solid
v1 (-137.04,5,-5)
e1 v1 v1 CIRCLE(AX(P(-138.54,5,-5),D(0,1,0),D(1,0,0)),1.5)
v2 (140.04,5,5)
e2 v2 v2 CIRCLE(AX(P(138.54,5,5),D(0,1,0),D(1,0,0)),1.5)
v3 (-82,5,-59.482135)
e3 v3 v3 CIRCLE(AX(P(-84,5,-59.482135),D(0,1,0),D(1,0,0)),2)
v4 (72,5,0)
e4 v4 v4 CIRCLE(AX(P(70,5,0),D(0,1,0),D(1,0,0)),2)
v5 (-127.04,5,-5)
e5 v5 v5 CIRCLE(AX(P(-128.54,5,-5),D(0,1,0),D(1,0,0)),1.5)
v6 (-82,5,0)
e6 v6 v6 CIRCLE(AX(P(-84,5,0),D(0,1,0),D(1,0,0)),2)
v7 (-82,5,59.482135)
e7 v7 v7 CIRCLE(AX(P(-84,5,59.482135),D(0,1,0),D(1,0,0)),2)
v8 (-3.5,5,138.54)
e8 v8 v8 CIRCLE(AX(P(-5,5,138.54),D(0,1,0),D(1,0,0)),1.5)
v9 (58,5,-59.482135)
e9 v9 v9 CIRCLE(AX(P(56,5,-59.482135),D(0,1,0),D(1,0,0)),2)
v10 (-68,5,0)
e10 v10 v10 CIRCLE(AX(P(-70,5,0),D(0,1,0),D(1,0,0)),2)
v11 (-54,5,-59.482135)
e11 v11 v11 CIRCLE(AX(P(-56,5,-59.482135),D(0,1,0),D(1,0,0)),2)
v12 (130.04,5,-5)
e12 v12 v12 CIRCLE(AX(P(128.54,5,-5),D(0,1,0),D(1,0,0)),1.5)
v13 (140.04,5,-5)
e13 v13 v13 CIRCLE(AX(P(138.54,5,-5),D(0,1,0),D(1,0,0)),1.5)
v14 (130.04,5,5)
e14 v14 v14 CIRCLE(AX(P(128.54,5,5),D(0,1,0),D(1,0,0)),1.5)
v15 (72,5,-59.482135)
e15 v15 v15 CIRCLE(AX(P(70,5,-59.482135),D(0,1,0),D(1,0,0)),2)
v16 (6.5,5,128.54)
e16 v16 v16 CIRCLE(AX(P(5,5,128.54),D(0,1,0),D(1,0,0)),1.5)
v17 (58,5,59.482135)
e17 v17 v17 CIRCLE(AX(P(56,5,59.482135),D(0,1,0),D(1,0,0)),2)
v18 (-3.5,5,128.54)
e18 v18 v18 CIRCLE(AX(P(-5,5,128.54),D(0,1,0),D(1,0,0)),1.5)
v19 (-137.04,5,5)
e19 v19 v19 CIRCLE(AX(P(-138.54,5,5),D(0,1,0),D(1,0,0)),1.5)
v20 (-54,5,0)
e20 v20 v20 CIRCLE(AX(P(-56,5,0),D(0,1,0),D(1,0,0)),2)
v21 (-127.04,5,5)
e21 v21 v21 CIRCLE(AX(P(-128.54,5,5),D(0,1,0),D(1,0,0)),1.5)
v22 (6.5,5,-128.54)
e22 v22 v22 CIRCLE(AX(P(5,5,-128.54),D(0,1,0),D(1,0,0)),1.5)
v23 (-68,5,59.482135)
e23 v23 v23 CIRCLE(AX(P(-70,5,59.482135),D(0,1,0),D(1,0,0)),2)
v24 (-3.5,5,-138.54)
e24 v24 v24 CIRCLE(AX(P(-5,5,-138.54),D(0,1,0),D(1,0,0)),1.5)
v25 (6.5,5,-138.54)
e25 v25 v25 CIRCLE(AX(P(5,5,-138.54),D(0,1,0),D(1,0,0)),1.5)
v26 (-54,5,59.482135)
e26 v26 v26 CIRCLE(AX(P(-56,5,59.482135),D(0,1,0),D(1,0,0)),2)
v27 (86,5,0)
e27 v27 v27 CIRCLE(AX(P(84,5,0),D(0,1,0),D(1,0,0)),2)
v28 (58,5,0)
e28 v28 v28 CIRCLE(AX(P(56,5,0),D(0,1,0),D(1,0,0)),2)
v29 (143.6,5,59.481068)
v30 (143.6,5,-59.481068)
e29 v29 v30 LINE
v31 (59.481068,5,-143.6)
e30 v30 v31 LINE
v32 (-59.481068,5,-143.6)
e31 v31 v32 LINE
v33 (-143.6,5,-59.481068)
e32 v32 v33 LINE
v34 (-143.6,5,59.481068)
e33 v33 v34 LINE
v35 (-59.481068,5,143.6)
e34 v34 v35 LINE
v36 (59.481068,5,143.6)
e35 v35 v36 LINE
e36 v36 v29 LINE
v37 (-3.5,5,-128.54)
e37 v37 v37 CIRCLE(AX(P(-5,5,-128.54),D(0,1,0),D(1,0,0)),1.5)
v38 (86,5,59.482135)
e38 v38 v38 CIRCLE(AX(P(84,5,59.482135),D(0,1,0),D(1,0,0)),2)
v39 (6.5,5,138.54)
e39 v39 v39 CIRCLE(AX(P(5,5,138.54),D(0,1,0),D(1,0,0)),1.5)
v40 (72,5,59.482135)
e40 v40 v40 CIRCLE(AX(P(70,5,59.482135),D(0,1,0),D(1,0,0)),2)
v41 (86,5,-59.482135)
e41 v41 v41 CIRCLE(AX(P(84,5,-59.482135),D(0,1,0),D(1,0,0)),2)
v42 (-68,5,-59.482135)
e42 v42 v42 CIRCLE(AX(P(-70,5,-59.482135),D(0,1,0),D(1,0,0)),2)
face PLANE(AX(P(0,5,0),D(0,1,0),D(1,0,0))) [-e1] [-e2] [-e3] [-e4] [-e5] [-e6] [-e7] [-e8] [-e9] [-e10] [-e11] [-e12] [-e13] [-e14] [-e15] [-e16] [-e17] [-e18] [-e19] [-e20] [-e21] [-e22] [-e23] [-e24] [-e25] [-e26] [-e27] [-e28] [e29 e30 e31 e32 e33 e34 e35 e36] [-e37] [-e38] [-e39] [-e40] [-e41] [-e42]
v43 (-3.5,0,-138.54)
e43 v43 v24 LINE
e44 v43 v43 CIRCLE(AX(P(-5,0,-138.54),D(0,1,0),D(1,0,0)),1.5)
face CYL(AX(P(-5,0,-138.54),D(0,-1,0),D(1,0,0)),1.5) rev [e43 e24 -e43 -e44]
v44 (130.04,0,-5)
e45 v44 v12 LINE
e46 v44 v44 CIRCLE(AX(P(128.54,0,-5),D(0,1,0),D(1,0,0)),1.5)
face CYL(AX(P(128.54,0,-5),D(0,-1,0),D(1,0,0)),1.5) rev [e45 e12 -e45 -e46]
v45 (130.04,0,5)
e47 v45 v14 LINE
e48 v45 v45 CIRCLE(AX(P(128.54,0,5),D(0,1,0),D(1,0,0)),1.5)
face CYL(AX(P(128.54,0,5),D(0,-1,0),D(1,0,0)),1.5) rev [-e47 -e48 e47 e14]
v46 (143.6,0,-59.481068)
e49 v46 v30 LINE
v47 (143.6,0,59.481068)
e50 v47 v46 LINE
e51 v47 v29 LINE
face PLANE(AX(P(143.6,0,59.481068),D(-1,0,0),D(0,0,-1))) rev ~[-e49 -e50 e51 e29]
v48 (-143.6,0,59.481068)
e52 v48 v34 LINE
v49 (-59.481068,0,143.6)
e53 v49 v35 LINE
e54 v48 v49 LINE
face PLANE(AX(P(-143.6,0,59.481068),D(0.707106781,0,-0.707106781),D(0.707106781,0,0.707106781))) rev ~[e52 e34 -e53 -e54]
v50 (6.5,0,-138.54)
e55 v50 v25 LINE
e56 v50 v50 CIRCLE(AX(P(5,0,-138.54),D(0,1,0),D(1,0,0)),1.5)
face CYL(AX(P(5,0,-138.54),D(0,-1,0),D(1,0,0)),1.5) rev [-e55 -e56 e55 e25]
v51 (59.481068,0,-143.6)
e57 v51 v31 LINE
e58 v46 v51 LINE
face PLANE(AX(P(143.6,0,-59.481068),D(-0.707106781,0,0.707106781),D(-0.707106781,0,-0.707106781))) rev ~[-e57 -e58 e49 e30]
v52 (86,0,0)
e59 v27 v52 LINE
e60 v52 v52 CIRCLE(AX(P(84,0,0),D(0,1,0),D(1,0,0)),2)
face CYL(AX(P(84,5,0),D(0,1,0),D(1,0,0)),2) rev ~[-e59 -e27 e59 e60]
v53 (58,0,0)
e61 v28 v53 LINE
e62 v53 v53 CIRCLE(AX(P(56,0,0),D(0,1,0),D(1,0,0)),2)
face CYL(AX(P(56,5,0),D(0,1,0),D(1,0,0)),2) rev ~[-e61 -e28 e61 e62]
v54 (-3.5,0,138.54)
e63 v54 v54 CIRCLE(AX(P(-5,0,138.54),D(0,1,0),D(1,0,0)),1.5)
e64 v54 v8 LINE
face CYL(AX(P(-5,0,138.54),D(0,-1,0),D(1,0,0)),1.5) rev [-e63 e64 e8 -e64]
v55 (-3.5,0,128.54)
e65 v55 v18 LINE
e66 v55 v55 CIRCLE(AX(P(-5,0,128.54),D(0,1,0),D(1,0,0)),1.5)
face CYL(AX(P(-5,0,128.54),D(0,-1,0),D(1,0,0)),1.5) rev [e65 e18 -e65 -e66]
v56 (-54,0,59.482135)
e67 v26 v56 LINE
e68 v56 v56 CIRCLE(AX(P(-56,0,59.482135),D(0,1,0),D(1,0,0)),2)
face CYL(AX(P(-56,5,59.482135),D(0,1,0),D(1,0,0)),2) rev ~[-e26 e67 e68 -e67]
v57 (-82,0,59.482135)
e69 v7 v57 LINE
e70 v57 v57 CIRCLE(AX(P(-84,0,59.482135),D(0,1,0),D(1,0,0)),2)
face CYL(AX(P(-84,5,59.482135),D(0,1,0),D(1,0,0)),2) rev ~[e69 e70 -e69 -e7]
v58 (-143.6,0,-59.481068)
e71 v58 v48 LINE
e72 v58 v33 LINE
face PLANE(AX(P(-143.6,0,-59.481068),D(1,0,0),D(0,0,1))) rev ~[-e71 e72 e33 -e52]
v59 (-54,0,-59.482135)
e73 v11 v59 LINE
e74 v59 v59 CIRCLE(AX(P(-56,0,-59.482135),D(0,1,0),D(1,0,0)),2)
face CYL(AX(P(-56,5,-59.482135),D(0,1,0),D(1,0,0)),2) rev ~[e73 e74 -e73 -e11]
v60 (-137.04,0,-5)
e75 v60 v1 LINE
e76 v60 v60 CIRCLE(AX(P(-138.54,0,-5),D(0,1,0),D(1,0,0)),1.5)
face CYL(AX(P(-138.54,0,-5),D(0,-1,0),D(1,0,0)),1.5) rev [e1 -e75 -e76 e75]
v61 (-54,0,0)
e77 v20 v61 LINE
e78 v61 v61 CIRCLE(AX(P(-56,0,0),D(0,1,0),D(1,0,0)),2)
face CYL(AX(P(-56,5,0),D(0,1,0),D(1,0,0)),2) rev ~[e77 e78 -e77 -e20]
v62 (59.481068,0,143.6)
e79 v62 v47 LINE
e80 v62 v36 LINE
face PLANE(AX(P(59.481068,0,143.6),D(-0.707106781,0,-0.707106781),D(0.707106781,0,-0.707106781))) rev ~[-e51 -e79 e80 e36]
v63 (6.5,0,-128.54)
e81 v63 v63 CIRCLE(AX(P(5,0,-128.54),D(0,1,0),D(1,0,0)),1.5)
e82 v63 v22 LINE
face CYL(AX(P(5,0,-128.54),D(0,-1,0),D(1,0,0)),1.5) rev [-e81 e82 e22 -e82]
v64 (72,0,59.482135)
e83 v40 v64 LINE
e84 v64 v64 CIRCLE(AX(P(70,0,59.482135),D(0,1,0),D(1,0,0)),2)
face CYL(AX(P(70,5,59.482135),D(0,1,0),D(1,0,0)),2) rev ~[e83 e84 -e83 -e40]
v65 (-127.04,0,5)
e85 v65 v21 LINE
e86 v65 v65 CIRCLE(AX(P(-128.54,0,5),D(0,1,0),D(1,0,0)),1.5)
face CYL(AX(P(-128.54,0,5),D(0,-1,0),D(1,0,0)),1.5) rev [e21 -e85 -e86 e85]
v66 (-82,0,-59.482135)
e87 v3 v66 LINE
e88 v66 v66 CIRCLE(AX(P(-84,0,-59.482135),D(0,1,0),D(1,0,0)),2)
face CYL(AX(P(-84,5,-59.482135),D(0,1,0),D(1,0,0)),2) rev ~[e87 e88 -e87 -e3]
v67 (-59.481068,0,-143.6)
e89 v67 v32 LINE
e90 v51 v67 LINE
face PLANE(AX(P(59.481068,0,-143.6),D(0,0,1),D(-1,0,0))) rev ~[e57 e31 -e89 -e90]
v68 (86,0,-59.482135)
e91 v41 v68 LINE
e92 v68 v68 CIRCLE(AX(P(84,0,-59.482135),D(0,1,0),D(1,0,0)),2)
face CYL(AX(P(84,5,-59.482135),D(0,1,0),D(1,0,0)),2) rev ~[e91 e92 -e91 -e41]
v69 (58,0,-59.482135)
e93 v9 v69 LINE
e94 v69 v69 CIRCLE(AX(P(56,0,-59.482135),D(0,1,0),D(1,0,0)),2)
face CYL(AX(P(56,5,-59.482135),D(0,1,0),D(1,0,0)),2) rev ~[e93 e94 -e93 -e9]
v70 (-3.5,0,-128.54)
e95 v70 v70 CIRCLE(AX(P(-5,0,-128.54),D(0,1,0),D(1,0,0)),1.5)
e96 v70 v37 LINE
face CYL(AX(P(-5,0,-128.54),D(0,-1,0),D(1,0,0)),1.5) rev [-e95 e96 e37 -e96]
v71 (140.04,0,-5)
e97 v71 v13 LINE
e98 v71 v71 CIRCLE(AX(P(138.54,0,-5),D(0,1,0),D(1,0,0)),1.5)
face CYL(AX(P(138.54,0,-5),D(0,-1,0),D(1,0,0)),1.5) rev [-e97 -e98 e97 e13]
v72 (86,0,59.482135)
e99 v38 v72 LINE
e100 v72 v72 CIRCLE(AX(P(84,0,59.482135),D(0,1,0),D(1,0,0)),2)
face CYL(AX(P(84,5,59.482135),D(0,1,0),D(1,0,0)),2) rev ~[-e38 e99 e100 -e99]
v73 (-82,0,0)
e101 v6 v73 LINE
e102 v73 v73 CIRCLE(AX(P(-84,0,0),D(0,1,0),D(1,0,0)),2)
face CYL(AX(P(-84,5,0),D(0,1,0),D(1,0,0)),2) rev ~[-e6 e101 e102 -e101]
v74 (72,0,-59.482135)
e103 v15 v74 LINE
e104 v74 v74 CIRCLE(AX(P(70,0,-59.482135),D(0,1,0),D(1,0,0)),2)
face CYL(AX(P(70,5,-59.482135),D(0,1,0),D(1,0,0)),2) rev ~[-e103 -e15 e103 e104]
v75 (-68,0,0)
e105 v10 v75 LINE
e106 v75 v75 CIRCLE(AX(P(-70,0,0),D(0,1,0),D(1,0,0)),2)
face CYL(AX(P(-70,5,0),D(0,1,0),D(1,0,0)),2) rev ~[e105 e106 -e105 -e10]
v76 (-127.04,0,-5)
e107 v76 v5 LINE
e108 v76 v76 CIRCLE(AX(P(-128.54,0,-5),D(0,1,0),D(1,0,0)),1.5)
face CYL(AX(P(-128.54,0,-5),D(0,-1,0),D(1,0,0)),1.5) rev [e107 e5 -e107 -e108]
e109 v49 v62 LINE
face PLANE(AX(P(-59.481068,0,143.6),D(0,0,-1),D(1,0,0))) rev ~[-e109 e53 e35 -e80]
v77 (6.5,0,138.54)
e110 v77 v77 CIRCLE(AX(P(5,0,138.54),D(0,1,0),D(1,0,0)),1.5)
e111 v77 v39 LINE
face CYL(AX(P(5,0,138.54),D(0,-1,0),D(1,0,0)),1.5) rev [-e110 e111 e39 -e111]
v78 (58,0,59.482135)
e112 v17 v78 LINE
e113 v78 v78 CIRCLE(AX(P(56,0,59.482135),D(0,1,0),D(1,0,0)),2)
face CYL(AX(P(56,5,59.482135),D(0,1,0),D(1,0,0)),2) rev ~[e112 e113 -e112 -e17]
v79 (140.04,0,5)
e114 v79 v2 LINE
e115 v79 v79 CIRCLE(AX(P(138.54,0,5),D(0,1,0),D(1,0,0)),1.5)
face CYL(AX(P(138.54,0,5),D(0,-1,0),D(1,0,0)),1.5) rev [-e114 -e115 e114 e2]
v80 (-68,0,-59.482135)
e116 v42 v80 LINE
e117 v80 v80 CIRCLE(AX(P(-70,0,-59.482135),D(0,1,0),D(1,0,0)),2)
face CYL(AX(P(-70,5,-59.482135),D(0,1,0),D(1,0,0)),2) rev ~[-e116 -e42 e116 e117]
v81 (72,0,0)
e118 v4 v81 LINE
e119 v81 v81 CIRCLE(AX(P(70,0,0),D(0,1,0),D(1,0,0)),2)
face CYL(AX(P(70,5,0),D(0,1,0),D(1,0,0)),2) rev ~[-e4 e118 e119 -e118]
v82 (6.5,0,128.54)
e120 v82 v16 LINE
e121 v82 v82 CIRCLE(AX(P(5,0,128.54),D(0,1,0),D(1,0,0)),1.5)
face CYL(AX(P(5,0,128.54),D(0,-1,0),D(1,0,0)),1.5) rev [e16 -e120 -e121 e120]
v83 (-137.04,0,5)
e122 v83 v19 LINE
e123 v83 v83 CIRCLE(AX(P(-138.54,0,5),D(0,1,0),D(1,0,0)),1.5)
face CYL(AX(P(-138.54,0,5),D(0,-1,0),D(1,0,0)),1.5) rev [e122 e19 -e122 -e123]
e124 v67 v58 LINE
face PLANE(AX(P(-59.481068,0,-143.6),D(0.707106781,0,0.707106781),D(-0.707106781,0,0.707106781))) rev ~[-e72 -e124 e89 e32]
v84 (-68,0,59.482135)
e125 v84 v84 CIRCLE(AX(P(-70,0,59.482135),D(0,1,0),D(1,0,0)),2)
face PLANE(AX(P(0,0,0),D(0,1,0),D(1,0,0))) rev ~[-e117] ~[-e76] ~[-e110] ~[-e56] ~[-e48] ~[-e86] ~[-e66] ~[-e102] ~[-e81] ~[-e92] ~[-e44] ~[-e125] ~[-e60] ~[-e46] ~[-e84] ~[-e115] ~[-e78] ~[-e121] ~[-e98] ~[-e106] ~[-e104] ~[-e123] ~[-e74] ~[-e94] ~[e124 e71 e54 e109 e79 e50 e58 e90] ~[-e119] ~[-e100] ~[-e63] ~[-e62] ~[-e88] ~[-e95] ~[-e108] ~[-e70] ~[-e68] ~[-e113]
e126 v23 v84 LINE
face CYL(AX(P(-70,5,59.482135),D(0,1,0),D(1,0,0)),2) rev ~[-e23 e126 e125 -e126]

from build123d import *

# Parameters (mm, degrees)
SKETCH_1_R          = 1.5
EXTRUDE_1_DEPTH     = 5
SKETCH_2_R          = 2
CUT_EXTRUDE_1_DEPTH = 10


with BuildPart() as part:
    # 스케치1 → 보스-돌출1 (new body)
    with BuildSketch(Plane(origin=(0, 0, 0), x_dir=(1, 0, 0), z_dir=(0, 1, 0))):
        Polygon((59.481067557, -143.6), (143.6, -59.481067557), (143.6, 59.481067557), (59.481067557, 143.6), (-59.481067557, 143.6), (-143.6, 59.481067557), (-143.6, -59.481067557), (-59.481067557, -143.6), align=None)
        with Locations((-5, 138.54)):
            Circle(SKETCH_1_R, mode=Mode.SUBTRACT)
        with Locations((-5, 128.54)):
            Circle(SKETCH_1_R, mode=Mode.SUBTRACT)
        with Locations((5, 128.54)):
            Circle(SKETCH_1_R, mode=Mode.SUBTRACT)
        with Locations((5, 138.54)):
            Circle(SKETCH_1_R, mode=Mode.SUBTRACT)
        with Locations((138.54, 5)):
            Circle(SKETCH_1_R, mode=Mode.SUBTRACT)
        with Locations((128.54, 5)):
            Circle(SKETCH_1_R, mode=Mode.SUBTRACT)
        with Locations((128.54, -5)):
            Circle(SKETCH_1_R, mode=Mode.SUBTRACT)
        with Locations((138.54, -5)):
            Circle(SKETCH_1_R, mode=Mode.SUBTRACT)
        with Locations((5, -138.54)):
            Circle(SKETCH_1_R, mode=Mode.SUBTRACT)
        with Locations((5, -128.54)):
            Circle(SKETCH_1_R, mode=Mode.SUBTRACT)
        with Locations((-5, -128.54)):
            Circle(SKETCH_1_R, mode=Mode.SUBTRACT)
        with Locations((-5, -138.54)):
            Circle(SKETCH_1_R, mode=Mode.SUBTRACT)
        with Locations((-138.54, -5)):
            Circle(SKETCH_1_R, mode=Mode.SUBTRACT)
        with Locations((-128.54, -5)):
            Circle(SKETCH_1_R, mode=Mode.SUBTRACT)
        with Locations((-128.54, 5)):
            Circle(SKETCH_1_R, mode=Mode.SUBTRACT)
        with Locations((-138.54, 5)):
            Circle(SKETCH_1_R, mode=Mode.SUBTRACT)
    extrude(amount=EXTRUDE_1_DEPTH)

    # 스케치2 → 컷-돌출1 (cut)
    with BuildSketch(Plane(origin=(0, 5, 0), x_dir=(1, 0, 0), z_dir=(0, 1, 0))):
        with Locations((-56, 0)):
            Circle(SKETCH_2_R)
        with Locations((-56, 59.482135114)):
            Circle(SKETCH_2_R)
        with Locations((-56, -59.482135114)):
            Circle(SKETCH_2_R)
        with Locations((70, 0)):
            Circle(SKETCH_2_R)
        with Locations((70, 59.482135114)):
            Circle(SKETCH_2_R)
        with Locations((70, -59.482135114)):
            Circle(SKETCH_2_R)
        with Locations((-70, -59.482135114)):
            Circle(SKETCH_2_R)
        with Locations((-70, 59.482135114)):
            Circle(SKETCH_2_R)
        with Locations((-70, 0)):
            Circle(SKETCH_2_R)
        with Locations((56, -59.482135114)):
            Circle(SKETCH_2_R)
        with Locations((56, 59.482135114)):
            Circle(SKETCH_2_R)
        with Locations((56, 0)):
            Circle(SKETCH_2_R)
        with Locations((-84, 0)):
            Circle(SKETCH_2_R)
        with Locations((-84, 59.482135114)):
            Circle(SKETCH_2_R)
        with Locations((-84, -59.482135114)):
            Circle(SKETCH_2_R)
        with Locations((84, -59.482135114)):
            Circle(SKETCH_2_R)
        with Locations((84, 59.482135114)):
            Circle(SKETCH_2_R)
        with Locations((84, 0)):
            Circle(SKETCH_2_R)
    extrude(amount=-CUT_EXTRUDE_1_DEPTH, mode=Mode.SUBTRACT)


solid = part.part
